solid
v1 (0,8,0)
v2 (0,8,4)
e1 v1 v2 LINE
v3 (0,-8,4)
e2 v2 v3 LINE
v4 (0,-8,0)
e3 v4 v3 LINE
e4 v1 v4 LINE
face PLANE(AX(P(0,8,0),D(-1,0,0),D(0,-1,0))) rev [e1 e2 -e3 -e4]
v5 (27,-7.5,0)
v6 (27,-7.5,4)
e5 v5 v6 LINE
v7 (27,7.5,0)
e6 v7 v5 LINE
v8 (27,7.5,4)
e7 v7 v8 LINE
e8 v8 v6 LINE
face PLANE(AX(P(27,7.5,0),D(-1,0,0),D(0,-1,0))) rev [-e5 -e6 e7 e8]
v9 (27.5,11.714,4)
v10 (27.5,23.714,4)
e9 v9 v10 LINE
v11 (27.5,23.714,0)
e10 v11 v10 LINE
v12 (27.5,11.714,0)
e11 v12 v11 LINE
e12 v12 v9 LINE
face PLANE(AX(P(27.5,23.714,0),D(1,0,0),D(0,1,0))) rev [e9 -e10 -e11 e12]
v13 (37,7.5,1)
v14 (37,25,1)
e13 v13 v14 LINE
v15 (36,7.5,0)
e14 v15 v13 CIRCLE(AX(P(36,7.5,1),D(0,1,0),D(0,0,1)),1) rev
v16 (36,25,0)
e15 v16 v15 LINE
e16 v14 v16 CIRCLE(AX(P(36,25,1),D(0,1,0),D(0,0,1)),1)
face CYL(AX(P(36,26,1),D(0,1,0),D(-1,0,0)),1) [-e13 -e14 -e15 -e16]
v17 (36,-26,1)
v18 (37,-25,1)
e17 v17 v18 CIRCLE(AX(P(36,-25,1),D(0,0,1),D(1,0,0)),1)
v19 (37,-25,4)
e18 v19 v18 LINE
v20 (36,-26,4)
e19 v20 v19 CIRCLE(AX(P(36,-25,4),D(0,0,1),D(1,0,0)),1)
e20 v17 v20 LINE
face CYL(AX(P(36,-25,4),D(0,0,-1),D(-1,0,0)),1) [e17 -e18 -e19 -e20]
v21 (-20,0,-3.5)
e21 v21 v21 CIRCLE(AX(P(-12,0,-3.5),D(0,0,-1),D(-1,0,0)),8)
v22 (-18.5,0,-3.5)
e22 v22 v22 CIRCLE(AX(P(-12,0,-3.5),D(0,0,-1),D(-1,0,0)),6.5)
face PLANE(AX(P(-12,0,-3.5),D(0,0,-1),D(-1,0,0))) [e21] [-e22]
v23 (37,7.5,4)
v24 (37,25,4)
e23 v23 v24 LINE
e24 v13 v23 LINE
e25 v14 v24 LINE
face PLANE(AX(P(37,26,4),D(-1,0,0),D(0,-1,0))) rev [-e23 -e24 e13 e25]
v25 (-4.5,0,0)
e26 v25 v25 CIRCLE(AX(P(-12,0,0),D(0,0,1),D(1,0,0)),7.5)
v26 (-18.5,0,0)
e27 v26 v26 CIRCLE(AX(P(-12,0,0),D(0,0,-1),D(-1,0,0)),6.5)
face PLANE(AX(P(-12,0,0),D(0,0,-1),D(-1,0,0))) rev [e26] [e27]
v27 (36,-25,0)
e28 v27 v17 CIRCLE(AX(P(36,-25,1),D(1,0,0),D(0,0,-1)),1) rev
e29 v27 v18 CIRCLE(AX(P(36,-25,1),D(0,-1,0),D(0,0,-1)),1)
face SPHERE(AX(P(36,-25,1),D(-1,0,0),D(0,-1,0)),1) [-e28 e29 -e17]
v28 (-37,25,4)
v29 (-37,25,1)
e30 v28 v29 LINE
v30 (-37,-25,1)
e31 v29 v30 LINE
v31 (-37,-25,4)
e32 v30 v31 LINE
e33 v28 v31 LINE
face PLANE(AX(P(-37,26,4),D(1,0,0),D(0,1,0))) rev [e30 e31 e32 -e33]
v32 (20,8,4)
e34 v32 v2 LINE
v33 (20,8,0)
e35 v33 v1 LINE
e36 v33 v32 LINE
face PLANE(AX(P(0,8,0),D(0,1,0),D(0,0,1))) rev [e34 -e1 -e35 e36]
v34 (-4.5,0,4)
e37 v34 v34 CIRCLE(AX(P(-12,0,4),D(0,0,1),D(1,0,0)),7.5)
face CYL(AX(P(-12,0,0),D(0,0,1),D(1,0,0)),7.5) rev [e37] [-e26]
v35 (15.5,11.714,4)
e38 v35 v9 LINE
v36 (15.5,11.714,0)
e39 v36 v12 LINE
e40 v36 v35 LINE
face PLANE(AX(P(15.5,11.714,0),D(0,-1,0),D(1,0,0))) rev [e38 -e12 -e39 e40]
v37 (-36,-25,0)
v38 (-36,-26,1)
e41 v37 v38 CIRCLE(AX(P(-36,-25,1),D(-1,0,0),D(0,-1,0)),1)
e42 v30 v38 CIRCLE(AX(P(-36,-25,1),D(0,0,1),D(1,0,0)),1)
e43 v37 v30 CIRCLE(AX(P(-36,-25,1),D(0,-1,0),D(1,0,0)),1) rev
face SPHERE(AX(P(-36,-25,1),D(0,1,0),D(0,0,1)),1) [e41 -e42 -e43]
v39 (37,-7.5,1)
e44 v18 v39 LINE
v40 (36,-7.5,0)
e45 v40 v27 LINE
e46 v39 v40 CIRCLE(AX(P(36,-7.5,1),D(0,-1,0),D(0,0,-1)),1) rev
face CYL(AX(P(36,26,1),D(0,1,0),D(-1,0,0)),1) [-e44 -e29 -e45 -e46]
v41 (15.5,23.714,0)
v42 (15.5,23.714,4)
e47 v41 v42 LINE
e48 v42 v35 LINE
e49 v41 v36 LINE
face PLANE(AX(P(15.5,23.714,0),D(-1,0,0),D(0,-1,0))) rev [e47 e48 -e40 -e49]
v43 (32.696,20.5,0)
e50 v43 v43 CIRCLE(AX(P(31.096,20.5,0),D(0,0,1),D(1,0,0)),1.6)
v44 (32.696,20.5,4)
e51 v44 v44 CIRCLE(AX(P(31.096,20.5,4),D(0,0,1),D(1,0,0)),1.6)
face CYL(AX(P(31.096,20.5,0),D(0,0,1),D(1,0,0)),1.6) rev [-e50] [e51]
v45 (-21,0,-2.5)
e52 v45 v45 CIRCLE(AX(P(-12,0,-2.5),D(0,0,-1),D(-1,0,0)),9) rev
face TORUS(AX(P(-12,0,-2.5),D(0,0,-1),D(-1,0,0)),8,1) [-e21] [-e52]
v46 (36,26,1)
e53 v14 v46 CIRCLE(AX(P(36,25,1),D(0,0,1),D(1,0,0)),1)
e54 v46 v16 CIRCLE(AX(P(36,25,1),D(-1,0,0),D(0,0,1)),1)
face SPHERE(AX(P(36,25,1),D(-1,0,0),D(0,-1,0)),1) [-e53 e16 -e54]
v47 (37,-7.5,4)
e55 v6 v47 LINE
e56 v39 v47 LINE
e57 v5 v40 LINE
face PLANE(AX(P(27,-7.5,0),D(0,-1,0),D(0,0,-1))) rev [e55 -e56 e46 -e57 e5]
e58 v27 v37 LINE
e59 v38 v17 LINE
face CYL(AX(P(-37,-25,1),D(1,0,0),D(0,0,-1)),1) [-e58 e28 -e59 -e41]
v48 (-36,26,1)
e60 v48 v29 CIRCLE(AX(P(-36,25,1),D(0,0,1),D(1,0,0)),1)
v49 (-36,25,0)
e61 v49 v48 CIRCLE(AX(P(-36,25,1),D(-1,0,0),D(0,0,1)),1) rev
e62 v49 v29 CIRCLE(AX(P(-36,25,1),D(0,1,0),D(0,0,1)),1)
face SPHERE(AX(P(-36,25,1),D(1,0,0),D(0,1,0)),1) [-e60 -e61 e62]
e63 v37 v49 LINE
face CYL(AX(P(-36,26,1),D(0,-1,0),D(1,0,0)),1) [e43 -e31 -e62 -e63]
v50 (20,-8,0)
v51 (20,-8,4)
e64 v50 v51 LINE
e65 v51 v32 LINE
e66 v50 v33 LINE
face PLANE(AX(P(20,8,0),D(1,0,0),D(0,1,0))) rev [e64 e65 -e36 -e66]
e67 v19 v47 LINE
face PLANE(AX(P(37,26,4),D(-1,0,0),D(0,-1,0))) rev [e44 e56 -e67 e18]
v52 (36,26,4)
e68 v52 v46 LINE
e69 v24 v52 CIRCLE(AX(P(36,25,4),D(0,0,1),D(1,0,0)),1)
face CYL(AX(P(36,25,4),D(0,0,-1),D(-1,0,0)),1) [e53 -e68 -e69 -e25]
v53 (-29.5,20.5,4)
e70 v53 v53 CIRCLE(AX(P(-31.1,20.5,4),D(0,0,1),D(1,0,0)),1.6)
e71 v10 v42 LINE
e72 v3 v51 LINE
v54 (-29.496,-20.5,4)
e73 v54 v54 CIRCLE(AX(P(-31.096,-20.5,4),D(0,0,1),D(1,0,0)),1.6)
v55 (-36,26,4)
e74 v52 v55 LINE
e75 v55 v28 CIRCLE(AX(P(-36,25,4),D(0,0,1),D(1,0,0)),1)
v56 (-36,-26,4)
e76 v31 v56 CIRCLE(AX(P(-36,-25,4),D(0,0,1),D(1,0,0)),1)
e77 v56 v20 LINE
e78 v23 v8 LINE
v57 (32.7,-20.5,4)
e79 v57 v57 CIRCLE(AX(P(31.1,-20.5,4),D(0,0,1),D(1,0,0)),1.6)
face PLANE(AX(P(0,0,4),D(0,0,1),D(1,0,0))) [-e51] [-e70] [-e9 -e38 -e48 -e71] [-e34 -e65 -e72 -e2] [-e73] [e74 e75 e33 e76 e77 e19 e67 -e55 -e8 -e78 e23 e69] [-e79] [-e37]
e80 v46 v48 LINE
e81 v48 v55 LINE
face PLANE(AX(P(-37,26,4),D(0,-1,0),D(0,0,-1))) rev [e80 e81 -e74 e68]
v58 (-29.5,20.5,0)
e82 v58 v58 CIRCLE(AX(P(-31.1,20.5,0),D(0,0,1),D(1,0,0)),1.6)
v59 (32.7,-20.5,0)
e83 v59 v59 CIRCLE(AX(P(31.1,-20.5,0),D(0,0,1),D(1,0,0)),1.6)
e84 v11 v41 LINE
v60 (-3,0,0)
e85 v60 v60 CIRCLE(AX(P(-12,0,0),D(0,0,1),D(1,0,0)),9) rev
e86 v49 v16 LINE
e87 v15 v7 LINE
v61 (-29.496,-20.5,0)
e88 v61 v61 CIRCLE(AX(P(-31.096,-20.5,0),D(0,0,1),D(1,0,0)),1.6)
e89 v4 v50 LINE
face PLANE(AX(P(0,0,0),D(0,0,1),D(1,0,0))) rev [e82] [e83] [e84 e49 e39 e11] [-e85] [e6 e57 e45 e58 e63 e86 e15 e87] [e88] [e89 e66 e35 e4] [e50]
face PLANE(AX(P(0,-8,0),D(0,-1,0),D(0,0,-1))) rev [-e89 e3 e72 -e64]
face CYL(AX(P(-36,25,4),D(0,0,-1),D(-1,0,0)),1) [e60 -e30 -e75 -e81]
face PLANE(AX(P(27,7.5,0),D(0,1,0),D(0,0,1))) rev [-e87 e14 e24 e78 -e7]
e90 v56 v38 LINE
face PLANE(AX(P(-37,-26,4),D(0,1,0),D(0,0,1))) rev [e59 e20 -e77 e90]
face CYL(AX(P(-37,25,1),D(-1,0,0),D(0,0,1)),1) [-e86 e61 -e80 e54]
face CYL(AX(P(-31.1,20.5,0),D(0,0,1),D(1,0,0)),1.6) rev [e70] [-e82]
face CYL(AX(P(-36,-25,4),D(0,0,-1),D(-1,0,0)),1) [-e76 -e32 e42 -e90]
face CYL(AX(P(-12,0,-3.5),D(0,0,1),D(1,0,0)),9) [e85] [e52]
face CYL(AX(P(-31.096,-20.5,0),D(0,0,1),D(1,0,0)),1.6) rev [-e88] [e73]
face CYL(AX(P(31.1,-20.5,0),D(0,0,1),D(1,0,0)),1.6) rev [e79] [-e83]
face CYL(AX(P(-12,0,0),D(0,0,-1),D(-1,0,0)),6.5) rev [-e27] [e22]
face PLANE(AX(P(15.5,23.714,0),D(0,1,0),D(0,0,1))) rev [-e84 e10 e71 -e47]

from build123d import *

# Parameters (mm, degrees)
ENCLOSURE_TOP_SKETCH_W          = 74
ENCLOSURE_TOP_SKETCH_H          = 52
ENCLOSURE_TOP_FEATURE_DEPTH     = 4
SCREW_HOLES_SKETCH_R            = 1.6
SCREW_HOLES_FEATURE_DEPTH       = 46.398237851
CAMERA_LIGHT_HOLE_SKETCH_R      = 7.5
CAMERA_LIGHT_HOLE_SKETCH_W      = 20
CAMERA_LIGHT_HOLE_SKETCH_H      = 16
CAMERA_LIGHT_HOLE_SKETCH_W_2    = 10
CAMERA_LIGHT_HOLE_SKETCH_H_2    = 15
CAMERA_LIGHT_HOLE_SKETCH_W_3    = 12
CAMERA_LIGHT_HOLE_SKETCH_H_3    = 12
CAMERA_LIGHT_HOLE_FEATURE_DEPTH = 46.398237851
FILTER_COVER_SKETCH_R           = 9
FILTER_COVER_FEATURE_DEPTH      = 3.5
FILTER_CUT_SKETCH_R             = 6.5
FILTER_CUT_DEPTH                = 3.5
FILLET1_R                       = 1
FILLET2_R                       = 1
FILLET3_R                       = 1
FILLET4_R                       = 1
FILLET5_R                       = 1
FILLET6_R                       = 1


with BuildPart() as part:
    # Enclosure Top Sketch → Enclosure Top Feature (new body)
    with BuildSketch(Plane.XY):
        Rectangle(ENCLOSURE_TOP_SKETCH_W, ENCLOSURE_TOP_SKETCH_H)
    extrude(amount=ENCLOSURE_TOP_FEATURE_DEPTH)

    # Screw Holes Sketch → Screw Holes Feature (cut, through all)
    with BuildSketch(Plane.XY.offset(4)):
        with Locations((-31.1, 20.5)):
            Circle(SCREW_HOLES_SKETCH_R)
        with Locations((31.096, 20.5)):
            Circle(SCREW_HOLES_SKETCH_R)
        with Locations((31.1, -20.5)):
            Circle(SCREW_HOLES_SKETCH_R)
        with Locations((-31.096, -20.5)):
            Circle(SCREW_HOLES_SKETCH_R)
    extrude(amount=-SCREW_HOLES_FEATURE_DEPTH, mode=Mode.SUBTRACT)

    # Camera + Light Hole Sketch → Camera _ Light Hole Feature (cut, through all)
    with BuildSketch(Plane.XY.offset(4)):
        with Locations((-12, 0)):
            Circle(CAMERA_LIGHT_HOLE_SKETCH_R)
        with Locations((10, 0)):
            Rectangle(CAMERA_LIGHT_HOLE_SKETCH_W, CAMERA_LIGHT_HOLE_SKETCH_H)
        with Locations((32, 0)):
            Rectangle(CAMERA_LIGHT_HOLE_SKETCH_W_2, CAMERA_LIGHT_HOLE_SKETCH_H_2)
        with Locations((21.5, 17.714)):
            Rectangle(CAMERA_LIGHT_HOLE_SKETCH_W_3, CAMERA_LIGHT_HOLE_SKETCH_H_3)
    extrude(amount=-CAMERA_LIGHT_HOLE_FEATURE_DEPTH, mode=Mode.SUBTRACT)

    # Filter Cover Sketch → Filter Cover Feature (add)
    with BuildSketch(Plane(origin=(0, 0, 0), x_dir=(-1, 0, 0), z_dir=(0, 0, -1))):
        with Locations(Location((12, 0, 0), (0, 0, 180))):
            Circle(FILTER_COVER_SKETCH_R)
    extrude(amount=FILTER_COVER_FEATURE_DEPTH)

    # Filter Cut Sketch → Filter Cut (cut)
    with BuildSketch(Plane(origin=(0, 0, -3.5), x_dir=(-1, 0, 0), z_dir=(0, 0, -1))):
        with Locations((12, 0)):
            Circle(FILTER_CUT_SKETCH_R)
    extrude(amount=-FILTER_CUT_DEPTH, mode=Mode.SUBTRACT)

    # Fillet1
    fillet1_edges = [part.edges().sort_by_distance(p)[0] for p in [
        (0, 26, 0),
    ]]
    fillet(fillet1_edges, radius=FILLET1_R)

    # Fillet2
    fillet2_edges = [part.edges().sort_by_distance(p)[0] for p in [
        (-37, -0.5, 0),
        (-37, 25.707106781, 0.292893219),
        (-37, 26, 2.5),
    ]]
    fillet(fillet2_edges, radius=FILLET2_R)

    # Fillet3
    fillet3_edges = [part.edges().sort_by_distance(p)[0] for p in [
        (0.5, -26, 0),
        (-36.707106781, -26, 0.292893219),
        (-37, -26, 2.5),
    ]]
    fillet(fillet3_edges, radius=FILLET3_R)

    # Fillet4
    fillet4_edges = [part.edges().sort_by_distance(p)[0] for p in [
        (37, -16.25, 0),
        (37, -25.707106781, 0.292893219),
        (37, -26, 2.5),
    ]]
    fillet(fillet4_edges, radius=FILLET4_R)

    # Fillet5
    fillet5_edges = [part.edges().sort_by_distance(p)[0] for p in [
        (37, 25.707106781, 0.292893219),
        (37, 16.25, 0),
        (37, 26, 2.5),
    ]]
    fillet(fillet5_edges, radius=FILLET5_R)

    # Fillet6
    fillet6_edges = [part.edges().sort_by_distance(p)[0] for p in [
        (-21, 0, -3.5),
    ]]
    fillet(fillet6_edges, radius=FILLET6_R)


solid = part.part
